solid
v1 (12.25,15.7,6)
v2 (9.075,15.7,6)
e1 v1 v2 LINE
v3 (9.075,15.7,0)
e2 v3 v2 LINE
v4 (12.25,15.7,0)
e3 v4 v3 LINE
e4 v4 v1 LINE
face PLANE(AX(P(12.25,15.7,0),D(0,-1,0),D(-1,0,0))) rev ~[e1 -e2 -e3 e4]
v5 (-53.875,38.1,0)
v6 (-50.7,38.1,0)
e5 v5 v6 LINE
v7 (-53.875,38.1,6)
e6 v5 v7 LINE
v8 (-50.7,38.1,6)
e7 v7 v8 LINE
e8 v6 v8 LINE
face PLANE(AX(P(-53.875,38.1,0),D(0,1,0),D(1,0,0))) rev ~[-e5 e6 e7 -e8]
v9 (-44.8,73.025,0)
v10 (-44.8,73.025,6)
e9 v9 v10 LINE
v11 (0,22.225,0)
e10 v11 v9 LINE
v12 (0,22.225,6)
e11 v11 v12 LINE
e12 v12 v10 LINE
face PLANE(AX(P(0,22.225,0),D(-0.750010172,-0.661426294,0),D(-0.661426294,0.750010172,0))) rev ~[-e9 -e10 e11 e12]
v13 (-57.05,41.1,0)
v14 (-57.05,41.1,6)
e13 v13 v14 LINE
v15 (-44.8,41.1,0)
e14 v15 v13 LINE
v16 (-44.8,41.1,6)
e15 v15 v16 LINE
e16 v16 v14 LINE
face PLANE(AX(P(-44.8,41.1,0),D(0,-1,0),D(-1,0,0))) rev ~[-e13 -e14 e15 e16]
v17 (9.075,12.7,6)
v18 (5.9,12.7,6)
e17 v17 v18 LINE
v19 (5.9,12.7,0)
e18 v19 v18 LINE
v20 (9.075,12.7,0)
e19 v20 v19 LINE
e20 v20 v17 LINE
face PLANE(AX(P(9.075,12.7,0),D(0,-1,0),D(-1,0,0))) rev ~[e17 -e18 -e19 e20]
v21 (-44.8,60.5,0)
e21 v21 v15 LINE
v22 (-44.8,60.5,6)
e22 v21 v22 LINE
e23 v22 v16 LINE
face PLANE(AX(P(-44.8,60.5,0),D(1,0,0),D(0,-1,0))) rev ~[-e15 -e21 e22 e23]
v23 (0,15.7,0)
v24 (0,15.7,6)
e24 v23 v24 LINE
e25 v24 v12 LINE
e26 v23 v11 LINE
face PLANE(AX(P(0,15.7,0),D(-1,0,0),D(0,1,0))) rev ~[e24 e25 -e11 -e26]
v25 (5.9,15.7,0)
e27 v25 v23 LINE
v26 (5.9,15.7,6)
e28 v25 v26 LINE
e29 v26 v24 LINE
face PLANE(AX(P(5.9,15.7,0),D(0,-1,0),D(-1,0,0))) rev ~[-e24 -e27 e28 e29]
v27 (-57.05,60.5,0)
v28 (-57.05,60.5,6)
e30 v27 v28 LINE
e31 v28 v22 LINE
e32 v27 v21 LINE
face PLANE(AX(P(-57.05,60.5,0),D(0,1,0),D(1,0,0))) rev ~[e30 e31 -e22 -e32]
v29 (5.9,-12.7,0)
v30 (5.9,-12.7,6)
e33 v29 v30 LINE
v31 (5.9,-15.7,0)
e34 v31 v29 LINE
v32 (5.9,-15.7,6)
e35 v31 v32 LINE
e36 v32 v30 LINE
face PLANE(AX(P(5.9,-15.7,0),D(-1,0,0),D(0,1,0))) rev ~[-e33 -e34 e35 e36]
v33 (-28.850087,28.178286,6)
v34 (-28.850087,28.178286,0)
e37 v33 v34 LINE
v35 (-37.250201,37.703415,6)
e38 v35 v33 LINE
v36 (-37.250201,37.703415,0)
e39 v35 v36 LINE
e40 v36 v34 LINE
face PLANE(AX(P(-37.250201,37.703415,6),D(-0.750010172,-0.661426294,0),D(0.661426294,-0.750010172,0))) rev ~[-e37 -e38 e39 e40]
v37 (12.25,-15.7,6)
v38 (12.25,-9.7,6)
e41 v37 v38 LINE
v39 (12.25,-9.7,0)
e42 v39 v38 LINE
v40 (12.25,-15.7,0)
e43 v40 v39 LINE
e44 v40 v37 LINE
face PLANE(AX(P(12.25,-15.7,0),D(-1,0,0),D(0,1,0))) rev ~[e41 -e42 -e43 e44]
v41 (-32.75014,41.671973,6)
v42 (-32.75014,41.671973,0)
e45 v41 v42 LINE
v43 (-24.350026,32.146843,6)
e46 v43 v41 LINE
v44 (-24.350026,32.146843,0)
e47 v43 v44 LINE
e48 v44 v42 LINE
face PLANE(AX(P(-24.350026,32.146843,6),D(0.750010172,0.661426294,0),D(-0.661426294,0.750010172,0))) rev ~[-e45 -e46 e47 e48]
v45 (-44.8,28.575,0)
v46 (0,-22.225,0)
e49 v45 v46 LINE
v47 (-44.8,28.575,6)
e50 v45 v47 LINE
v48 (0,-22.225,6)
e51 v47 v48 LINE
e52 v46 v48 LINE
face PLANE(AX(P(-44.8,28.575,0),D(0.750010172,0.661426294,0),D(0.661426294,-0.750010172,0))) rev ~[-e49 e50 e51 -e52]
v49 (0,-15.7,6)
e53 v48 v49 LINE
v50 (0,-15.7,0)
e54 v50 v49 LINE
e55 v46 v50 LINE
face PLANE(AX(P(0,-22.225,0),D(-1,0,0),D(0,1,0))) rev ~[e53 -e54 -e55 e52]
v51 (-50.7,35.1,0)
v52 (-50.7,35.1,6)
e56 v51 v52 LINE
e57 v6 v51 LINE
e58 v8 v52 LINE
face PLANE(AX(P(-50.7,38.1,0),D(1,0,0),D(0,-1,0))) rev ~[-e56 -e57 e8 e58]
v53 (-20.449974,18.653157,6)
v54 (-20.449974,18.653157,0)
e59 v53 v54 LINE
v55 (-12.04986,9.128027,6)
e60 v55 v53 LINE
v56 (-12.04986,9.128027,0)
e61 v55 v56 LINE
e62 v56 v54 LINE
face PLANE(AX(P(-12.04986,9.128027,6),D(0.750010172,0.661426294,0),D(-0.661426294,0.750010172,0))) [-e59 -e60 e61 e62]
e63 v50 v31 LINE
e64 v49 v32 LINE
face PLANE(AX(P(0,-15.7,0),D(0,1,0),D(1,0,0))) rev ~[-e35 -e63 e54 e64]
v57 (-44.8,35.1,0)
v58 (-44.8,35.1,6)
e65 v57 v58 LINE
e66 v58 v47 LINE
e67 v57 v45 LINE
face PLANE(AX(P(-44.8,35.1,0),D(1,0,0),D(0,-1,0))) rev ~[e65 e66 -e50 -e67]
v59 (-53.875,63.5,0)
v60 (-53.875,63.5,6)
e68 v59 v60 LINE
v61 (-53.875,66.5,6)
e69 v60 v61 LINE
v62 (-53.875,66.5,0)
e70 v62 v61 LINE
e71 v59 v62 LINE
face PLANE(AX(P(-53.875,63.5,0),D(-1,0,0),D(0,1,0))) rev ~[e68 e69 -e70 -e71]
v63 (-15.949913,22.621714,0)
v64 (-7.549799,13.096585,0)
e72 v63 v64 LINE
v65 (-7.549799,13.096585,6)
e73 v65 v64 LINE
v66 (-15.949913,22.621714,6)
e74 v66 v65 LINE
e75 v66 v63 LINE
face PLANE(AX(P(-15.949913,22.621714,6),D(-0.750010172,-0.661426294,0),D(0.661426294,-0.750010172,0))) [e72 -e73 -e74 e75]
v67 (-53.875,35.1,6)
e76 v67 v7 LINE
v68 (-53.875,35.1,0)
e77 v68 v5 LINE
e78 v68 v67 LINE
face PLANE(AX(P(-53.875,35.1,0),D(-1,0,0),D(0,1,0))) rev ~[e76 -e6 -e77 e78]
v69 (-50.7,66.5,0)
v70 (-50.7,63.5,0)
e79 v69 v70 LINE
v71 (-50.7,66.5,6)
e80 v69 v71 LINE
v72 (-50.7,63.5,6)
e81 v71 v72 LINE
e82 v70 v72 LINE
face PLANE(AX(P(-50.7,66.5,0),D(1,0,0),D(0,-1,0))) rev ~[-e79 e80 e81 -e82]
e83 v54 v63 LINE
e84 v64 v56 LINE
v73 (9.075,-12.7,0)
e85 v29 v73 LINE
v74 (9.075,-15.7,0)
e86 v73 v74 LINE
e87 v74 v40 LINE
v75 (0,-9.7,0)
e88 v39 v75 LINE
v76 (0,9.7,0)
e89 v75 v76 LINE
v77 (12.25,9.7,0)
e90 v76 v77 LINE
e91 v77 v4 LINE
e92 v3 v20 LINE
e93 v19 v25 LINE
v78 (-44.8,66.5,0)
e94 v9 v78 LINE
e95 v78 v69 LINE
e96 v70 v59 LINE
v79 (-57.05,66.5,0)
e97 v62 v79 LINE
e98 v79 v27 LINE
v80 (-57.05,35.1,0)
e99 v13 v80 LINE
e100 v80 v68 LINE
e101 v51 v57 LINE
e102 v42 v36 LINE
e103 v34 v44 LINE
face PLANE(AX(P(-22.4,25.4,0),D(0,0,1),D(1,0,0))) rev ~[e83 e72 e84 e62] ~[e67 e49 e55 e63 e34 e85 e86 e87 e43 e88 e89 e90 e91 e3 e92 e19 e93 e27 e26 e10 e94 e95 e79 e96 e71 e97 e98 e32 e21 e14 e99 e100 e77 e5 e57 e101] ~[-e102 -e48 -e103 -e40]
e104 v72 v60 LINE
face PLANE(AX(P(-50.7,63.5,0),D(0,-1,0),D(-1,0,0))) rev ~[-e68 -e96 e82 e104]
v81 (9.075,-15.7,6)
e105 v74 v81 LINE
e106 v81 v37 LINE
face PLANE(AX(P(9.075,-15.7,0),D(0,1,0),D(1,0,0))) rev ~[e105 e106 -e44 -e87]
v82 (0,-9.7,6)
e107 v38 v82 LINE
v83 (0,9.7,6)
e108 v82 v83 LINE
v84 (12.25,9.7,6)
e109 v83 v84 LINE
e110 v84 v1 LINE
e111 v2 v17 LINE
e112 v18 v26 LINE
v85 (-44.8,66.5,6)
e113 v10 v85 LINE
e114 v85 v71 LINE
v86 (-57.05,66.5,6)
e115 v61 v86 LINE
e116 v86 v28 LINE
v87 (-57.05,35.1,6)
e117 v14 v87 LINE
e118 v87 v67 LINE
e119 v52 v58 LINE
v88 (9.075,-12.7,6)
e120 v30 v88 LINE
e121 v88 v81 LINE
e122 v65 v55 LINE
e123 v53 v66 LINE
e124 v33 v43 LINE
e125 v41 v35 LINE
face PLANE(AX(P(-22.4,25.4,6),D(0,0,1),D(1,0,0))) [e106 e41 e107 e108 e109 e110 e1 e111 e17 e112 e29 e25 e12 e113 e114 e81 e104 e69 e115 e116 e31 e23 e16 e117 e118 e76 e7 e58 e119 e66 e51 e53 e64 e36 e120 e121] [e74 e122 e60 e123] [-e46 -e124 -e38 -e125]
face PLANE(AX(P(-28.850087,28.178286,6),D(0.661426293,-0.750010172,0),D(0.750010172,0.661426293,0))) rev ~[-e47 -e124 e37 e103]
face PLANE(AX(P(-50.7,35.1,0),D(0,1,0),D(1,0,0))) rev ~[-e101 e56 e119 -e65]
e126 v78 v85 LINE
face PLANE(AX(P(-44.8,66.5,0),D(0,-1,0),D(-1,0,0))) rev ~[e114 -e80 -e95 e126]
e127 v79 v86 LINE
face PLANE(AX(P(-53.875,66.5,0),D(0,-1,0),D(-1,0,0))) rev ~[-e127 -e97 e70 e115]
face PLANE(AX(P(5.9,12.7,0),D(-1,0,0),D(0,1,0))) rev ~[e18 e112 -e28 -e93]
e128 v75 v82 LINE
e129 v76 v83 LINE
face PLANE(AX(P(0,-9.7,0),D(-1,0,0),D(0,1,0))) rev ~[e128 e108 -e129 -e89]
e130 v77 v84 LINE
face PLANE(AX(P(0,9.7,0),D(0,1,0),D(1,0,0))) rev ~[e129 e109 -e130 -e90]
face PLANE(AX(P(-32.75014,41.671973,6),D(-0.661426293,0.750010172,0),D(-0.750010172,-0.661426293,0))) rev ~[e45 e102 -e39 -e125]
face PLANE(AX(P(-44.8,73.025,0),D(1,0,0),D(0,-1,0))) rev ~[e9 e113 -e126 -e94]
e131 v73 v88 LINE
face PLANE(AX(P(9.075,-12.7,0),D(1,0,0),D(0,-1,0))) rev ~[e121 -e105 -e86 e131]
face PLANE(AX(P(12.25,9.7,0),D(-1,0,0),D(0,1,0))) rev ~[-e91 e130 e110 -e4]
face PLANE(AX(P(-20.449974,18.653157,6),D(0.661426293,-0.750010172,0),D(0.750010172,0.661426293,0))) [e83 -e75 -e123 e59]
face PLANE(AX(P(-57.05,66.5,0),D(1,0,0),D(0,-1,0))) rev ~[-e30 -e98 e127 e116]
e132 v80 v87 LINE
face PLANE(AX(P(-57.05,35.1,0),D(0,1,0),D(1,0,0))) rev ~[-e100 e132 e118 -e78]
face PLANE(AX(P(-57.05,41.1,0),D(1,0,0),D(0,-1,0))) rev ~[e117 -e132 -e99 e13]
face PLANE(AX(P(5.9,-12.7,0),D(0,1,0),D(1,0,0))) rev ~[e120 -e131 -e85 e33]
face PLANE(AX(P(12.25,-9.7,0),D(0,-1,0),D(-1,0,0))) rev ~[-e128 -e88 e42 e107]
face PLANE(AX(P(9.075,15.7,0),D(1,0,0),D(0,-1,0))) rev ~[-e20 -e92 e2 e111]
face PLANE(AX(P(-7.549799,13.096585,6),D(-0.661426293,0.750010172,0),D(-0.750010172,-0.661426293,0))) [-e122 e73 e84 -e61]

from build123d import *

# Parameters (mm, degrees)
PROFILE_DEPTH      = 6
CUT_EXTRUDE1_DEPTH = 93.862011134


with BuildPart() as part:
    # Sketch1 → Profile (new body)
    with BuildSketch(Plane.XY):
        Polygon((-44.8, 73.025), (-44.8, 66.5), (-50.699999884, 66.5), (-50.699999884, 63.5), (-53.874999884, 63.5), (-53.874999884, 66.5), (-57.049999884, 66.5), (-57.049999884, 60.5), (-44.8, 60.5), (-44.8, 41.1), (-57.049999884, 41.1), (-57.049999884, 35.1), (-53.874999884, 35.1), (-53.874999884, 38.1), (-50.699999884, 38.1), (-50.699999884, 35.1), (-44.8, 35.1), (-44.8, 28.575), (0, -22.225), (0, -15.7), (5.899999884, -15.7), (5.899999884, -12.7), (9.074999884, -12.7), (9.074999884, -15.7), (12.249999884, -15.7), (12.249999884, -9.7), (0, -9.7), (0, 9.7), (12.249999884, 9.7), (12.249999884, 15.7), (9.074999884, 15.7), (9.074999884, 12.7), (5.899999884, 12.7), (5.899999884, 15.7), (0, 15.7), (0, 22.225), align=None)
    extrude(amount=PROFILE_DEPTH)

    # Sketch2 → Cut-Extrude1 (cut, through all)
    with BuildSketch(Plane.XY.offset(6)):
        Polygon((-32.750140375, 41.671972659), (-37.250201408, 37.703414898), (-28.85008748, 28.178285712), (-24.350026447, 32.146843473), align=None)
        Polygon((-15.94991252, 22.621714288), (-7.549798592, 13.096585102), (-12.049859625, 9.128027341), (-20.449973553, 18.653156527), align=None)
    extrude(amount=-CUT_EXTRUDE1_DEPTH, mode=Mode.SUBTRACT)


solid = part.part
